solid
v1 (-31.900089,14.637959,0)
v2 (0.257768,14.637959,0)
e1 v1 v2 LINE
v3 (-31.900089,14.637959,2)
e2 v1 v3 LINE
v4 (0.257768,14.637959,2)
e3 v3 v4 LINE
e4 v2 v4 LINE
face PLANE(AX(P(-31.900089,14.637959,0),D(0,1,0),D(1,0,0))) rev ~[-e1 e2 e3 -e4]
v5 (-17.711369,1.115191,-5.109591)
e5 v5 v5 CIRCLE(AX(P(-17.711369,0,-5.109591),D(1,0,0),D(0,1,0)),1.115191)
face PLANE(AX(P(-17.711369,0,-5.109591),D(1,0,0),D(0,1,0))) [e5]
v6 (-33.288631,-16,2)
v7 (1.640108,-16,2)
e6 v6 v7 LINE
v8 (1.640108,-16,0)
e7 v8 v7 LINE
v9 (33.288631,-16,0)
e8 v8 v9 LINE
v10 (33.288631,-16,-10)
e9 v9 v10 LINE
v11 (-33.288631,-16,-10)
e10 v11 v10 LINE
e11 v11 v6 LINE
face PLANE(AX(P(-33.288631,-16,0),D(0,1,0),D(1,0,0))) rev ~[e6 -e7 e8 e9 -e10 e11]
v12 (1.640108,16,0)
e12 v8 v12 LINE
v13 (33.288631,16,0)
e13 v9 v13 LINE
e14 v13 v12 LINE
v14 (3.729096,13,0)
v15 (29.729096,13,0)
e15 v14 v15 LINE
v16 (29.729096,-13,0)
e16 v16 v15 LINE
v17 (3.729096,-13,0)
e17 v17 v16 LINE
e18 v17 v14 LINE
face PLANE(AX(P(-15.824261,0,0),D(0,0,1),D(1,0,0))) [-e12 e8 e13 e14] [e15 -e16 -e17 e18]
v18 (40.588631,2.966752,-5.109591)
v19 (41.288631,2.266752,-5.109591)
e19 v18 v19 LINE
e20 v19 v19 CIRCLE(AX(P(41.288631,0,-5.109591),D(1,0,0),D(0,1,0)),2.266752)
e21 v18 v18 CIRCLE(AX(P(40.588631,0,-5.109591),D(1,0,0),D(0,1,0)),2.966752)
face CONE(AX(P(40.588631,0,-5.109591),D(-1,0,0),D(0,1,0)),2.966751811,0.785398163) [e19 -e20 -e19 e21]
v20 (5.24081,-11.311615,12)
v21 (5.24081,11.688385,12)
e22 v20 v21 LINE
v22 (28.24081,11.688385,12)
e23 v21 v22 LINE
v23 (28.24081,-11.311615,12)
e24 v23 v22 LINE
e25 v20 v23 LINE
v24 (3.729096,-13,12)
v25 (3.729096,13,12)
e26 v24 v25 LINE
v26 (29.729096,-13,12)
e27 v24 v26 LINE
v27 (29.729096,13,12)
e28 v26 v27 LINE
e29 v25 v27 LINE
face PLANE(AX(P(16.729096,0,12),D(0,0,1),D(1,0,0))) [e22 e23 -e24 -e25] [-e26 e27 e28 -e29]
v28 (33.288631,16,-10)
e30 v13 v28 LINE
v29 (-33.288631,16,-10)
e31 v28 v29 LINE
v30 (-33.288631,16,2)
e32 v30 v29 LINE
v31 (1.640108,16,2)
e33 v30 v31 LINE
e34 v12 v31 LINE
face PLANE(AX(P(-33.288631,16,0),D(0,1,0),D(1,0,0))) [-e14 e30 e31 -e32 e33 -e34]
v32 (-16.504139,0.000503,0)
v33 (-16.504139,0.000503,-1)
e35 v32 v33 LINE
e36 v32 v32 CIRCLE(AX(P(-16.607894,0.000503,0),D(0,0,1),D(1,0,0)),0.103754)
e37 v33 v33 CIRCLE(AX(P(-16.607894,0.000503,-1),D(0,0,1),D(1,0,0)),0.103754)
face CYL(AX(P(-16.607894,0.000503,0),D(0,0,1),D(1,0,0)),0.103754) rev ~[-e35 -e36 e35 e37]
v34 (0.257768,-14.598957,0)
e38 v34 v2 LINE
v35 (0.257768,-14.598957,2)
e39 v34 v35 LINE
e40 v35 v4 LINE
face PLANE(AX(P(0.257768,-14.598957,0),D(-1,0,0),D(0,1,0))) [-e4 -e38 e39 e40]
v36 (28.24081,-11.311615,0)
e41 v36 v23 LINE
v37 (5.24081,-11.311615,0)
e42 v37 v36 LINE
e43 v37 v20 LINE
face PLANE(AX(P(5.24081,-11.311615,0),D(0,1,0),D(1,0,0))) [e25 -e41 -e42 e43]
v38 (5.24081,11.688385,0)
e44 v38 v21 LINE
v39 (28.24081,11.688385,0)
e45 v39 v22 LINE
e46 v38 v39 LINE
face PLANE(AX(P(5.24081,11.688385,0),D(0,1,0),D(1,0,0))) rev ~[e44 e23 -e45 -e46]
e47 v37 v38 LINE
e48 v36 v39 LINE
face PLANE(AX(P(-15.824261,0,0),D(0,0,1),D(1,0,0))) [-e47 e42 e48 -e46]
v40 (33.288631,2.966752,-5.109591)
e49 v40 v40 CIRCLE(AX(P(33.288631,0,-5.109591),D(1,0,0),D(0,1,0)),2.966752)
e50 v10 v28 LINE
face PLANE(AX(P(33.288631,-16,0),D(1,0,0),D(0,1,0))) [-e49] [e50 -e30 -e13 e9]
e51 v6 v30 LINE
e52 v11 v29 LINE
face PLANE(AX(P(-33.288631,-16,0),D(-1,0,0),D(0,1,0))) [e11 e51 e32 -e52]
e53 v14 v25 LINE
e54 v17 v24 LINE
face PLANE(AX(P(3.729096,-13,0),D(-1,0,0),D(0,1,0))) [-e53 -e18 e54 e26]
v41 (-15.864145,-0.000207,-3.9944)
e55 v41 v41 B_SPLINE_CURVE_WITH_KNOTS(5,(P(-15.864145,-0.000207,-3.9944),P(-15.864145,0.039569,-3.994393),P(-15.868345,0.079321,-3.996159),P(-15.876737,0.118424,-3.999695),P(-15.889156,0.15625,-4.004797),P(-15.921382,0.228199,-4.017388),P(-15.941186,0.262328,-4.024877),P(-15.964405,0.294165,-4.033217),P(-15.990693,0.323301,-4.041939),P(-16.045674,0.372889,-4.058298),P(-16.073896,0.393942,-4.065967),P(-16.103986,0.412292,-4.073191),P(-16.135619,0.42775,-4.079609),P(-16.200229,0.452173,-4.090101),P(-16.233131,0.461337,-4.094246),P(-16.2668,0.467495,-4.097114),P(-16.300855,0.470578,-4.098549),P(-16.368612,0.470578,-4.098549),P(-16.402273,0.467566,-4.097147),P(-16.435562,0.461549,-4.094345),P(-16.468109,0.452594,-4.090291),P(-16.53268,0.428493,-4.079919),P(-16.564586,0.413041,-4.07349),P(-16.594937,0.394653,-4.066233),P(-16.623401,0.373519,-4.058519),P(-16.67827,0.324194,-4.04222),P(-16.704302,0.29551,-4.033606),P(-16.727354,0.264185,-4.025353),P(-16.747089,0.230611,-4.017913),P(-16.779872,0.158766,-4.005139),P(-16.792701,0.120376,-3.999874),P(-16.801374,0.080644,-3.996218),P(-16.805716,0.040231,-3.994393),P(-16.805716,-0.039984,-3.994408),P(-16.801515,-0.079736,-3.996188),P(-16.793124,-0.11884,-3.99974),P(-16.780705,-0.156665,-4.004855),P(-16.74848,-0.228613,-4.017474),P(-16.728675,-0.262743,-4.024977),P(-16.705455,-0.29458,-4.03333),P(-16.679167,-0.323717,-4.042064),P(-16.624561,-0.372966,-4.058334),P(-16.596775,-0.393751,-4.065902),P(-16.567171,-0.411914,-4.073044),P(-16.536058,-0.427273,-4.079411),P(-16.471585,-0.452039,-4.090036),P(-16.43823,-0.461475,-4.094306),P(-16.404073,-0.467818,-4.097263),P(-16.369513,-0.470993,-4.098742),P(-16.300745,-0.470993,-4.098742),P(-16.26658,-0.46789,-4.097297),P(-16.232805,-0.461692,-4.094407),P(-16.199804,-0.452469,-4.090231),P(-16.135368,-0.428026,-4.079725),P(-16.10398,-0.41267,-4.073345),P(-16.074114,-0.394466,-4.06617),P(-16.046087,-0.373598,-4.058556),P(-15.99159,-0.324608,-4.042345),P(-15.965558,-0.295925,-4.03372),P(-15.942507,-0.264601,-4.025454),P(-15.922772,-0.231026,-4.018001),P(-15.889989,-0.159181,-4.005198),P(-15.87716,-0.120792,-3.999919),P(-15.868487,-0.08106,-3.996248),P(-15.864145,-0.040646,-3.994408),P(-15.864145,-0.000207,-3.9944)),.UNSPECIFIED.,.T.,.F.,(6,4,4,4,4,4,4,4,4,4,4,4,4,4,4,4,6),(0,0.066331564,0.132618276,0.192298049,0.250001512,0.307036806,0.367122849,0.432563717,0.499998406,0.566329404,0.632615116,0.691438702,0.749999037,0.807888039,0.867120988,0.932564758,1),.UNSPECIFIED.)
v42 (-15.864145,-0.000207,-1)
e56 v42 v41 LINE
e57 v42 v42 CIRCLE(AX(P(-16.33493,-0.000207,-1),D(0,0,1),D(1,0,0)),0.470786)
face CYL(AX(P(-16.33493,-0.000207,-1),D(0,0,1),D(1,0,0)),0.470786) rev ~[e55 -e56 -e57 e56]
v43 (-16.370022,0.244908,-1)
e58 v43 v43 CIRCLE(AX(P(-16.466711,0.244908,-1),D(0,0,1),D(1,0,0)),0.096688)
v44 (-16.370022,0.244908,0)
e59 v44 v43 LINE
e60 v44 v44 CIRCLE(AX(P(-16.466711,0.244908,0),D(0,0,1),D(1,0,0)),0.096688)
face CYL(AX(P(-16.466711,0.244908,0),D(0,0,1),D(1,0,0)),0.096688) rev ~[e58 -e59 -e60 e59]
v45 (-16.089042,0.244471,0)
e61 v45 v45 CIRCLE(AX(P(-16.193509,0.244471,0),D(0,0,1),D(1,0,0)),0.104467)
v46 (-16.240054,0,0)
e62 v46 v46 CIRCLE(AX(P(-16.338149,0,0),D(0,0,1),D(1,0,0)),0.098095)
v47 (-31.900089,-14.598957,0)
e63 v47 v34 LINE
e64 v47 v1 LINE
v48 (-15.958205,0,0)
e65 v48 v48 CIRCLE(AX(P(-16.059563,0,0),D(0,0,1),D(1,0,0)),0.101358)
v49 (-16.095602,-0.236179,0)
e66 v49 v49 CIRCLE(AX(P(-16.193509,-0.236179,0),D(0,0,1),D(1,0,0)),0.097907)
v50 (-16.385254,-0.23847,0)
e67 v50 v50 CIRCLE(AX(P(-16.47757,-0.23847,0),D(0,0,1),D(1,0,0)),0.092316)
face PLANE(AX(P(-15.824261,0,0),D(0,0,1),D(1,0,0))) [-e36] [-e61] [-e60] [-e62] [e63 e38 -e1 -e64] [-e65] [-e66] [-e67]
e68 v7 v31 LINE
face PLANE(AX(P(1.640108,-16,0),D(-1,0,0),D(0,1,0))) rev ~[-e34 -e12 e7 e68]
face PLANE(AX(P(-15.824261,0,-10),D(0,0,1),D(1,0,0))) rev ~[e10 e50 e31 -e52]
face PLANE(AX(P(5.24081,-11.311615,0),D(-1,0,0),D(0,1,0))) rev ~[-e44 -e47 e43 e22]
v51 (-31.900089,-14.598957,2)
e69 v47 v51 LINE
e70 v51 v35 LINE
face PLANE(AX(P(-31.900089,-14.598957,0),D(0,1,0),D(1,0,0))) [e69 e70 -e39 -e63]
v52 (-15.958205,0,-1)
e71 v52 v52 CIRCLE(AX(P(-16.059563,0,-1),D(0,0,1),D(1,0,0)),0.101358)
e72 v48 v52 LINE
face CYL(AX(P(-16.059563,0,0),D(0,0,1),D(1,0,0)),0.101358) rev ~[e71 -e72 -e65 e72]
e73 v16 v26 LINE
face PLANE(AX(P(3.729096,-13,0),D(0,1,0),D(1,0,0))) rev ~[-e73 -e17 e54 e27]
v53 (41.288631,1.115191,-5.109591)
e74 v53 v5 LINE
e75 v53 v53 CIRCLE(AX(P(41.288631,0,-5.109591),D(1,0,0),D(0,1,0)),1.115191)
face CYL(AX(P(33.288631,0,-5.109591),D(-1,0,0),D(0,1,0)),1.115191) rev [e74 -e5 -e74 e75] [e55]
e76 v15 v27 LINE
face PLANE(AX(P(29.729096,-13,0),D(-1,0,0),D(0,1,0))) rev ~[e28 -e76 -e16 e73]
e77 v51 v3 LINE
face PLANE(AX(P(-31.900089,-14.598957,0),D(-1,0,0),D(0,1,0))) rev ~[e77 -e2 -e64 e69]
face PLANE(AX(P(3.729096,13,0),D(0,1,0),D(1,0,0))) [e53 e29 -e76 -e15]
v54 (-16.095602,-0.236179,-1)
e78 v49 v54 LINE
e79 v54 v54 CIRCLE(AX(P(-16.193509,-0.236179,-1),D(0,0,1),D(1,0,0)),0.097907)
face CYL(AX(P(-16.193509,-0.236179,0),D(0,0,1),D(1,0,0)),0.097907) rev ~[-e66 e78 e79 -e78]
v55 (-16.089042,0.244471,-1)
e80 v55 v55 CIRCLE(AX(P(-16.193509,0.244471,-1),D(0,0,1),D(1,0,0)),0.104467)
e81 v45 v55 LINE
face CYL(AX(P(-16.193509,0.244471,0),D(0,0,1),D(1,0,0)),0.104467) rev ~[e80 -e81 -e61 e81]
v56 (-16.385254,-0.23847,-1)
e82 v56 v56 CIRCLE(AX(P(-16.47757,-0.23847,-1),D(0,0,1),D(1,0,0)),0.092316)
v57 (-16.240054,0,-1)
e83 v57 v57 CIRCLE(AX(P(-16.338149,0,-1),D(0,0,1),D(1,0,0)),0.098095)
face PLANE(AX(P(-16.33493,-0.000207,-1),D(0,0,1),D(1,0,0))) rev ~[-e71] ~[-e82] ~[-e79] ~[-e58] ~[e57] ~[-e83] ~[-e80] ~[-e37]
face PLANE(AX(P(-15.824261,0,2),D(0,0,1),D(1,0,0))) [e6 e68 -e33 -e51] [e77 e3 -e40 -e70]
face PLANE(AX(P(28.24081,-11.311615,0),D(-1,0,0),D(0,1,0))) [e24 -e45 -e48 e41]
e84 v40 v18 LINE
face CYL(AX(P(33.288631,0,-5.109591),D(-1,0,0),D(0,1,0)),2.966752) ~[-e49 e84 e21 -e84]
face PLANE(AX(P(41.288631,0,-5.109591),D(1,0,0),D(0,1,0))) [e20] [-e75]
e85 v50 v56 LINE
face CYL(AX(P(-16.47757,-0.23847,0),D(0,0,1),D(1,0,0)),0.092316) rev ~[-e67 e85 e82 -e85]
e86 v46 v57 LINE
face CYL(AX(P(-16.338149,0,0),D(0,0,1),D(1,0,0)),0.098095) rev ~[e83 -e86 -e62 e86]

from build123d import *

# Parameters (mm, degrees)
F0_W      = 34.9287392313
F0_H      = 32
F0_W_2    = 32.1578574658
F0_H_2    = 29.2369164526
F0_W_3    = 31.648522869
F0_W_4    = 26
F0_H_3    = 26
F0_R      = 0.092316022
F0_R_2    = 0.0979069207
F0_R_3    = 0.103754176
F0_R_4    = 0.0980954436
F0_R_5    = 0.0966883049
F0_R_6    = 0.10446749
F0_R_7    = 0.1013580247
F0_W_5    = 23
F0_H_4    = 23
F1_DEPTH  = 10
F2_DEPTH  = 2
F3_DEPTH  = 12
F4_R      = 1.1151905594
F5_DEPTH  = 51
F4_R_2    = 2.9667518112
F6_DEPTH  = 8
F7_SIZE   = 0.7
F8_DEPTH  = 1
F10_R     = 0.4707857642
F11_DEPTH = 4


with BuildPart() as f1:
    # F0 (on Top) → F1 (new body)
    with BuildSketch(Plane.XY):
        with Locations((-15.8242614345, 0)):
            Rectangle(F0_W, F0_H)
        with Locations((-15.8211605012, 0.0195009634)):
            Rectangle(F0_W_2, F0_H_2, mode=Mode.SUBTRACT)
        with Locations((17.4643696156, 0)):
            Rectangle(F0_W_3, F0_H)
        with Locations((16.7290959507, 0)):
            Rectangle(F0_W_4, F0_H_3, mode=Mode.SUBTRACT)
        with Locations((-15.8211605012, 0.0195009634)):
            Rectangle(F0_W_2, F0_H_2)
        with Locations((-16.4775699377, -0.2384704421)):
            Circle(F0_R, mode=Mode.SUBTRACT)
        with Locations((-16.1935091019, -0.2361788647)):
            Circle(F0_R_2, mode=Mode.SUBTRACT)
        with Locations((-16.6078936309, 0.000503382)):
            Circle(F0_R_3, mode=Mode.SUBTRACT)
        with Locations((-16.3381490856, 0)):
            Circle(F0_R_4, mode=Mode.SUBTRACT)
        with Locations((-16.4667107165, 0.2449084714)):
            Circle(F0_R_5, mode=Mode.SUBTRACT)
        with Locations((-16.1935091019, 0.2444714482)):
            Circle(F0_R_6, mode=Mode.SUBTRACT)
        with Locations((-16.0595625639, 0)):
            Circle(F0_R_7, mode=Mode.SUBTRACT)
        with Locations((16.7290959507, 0)):
            Rectangle(F0_W_4, F0_H_3)
        with Locations((16.7408101037, 0.1883851588)):
            Rectangle(F0_W_5, F0_H_4, mode=Mode.SUBTRACT)
        with Locations((16.7408101037, 0.1883851588)):
            Rectangle(F0_W_5, F0_H_4)
        with Locations((-16.1935091019, 0.2444714482)):
            Circle(F0_R_6)
        with Locations((-16.6078936309, 0.000503382)):
            Circle(F0_R_3)
        with Locations((-16.0595625639, 0)):
            Circle(F0_R_7)
        with Locations((-16.3381490856, 0)):
            Circle(F0_R_4)
        with Locations((-16.1935091019, -0.2361788647)):
            Circle(F0_R_2)
        with Locations((-16.4667107165, 0.2449084714)):
            Circle(F0_R_5)
        with Locations((-16.4775699377, -0.2384704421)):
            Circle(F0_R)
    extrude(amount=-F1_DEPTH)

    # F0 (on Top) → F2 (join)
    with BuildSketch(Plane.XY):
        with Locations((-15.8242614345, 0)):
            Rectangle(F0_W, F0_H)
        with Locations((-15.8211605012, 0.0195009634)):
            Rectangle(F0_W_2, F0_H_2, mode=Mode.SUBTRACT)
    extrude(amount=F2_DEPTH)

    # F0 (on Top) → F3 (join)
    with BuildSketch(Plane.XY):
        with Locations((16.7290959507, 0)):
            Rectangle(F0_W_4, F0_H_3)
        with Locations((16.7408101037, 0.1883851588)):
            Rectangle(F0_W_5, F0_H_4, mode=Mode.SUBTRACT)
    extrude(amount=F3_DEPTH)

    # F4 (on face) → F5 (cut)
    with BuildSketch(Plane.YZ.offset(33.2886310501)):
        with Locations((0, -5.1095909439)):
            Circle(F4_R)
    extrude(amount=-F5_DEPTH, mode=Mode.SUBTRACT)

    # F4 (on face) → F6 (join)
    with BuildSketch(Plane.YZ.offset(33.2886310501)):
        with Locations((0, -5.1095909439)):
            Circle(F4_R_2)
        with Locations((0, -5.1095909439)):
            Circle(F4_R, mode=Mode.SUBTRACT)
    extrude(amount=F6_DEPTH)

    # F7
    f7_edges = [f1.edges().sort_by_distance(p)[0] for p in [
        (41.288631, -2.966752, -5.109591),
    ]]
    chamfer(f7_edges, length=F7_SIZE)

    # F0 (on Top) → F8 (cut)
    with BuildSketch(Plane.XY):
        with Locations((-16.4667107165, 0.2449084714)):
            Circle(F0_R_5)
        with Locations((-16.1935091019, 0.2444714482)):
            Circle(F0_R_6)
        with Locations((-16.0595625639, 0)):
            Circle(F0_R_7)
        with Locations((-16.1935091019, -0.2361788647)):
            Circle(F0_R_2)
        with Locations((-16.4775699377, -0.2384704421)):
            Circle(F0_R)
        with Locations((-16.6078936309, 0.000503382)):
            Circle(F0_R_3)
        with Locations((-16.3381490856, 0)):
            Circle(F0_R_4)
    extrude(amount=-F8_DEPTH, mode=Mode.SUBTRACT)

    # F10 (on offset) → F11 (cut)
    with BuildSketch(Plane.XY.offset(-1)):
        with Locations((-16.3349304348, -0.0002074475)):
            Circle(F10_R)
    extrude(amount=-F11_DEPTH, mode=Mode.SUBTRACT)


solid = f1.part
